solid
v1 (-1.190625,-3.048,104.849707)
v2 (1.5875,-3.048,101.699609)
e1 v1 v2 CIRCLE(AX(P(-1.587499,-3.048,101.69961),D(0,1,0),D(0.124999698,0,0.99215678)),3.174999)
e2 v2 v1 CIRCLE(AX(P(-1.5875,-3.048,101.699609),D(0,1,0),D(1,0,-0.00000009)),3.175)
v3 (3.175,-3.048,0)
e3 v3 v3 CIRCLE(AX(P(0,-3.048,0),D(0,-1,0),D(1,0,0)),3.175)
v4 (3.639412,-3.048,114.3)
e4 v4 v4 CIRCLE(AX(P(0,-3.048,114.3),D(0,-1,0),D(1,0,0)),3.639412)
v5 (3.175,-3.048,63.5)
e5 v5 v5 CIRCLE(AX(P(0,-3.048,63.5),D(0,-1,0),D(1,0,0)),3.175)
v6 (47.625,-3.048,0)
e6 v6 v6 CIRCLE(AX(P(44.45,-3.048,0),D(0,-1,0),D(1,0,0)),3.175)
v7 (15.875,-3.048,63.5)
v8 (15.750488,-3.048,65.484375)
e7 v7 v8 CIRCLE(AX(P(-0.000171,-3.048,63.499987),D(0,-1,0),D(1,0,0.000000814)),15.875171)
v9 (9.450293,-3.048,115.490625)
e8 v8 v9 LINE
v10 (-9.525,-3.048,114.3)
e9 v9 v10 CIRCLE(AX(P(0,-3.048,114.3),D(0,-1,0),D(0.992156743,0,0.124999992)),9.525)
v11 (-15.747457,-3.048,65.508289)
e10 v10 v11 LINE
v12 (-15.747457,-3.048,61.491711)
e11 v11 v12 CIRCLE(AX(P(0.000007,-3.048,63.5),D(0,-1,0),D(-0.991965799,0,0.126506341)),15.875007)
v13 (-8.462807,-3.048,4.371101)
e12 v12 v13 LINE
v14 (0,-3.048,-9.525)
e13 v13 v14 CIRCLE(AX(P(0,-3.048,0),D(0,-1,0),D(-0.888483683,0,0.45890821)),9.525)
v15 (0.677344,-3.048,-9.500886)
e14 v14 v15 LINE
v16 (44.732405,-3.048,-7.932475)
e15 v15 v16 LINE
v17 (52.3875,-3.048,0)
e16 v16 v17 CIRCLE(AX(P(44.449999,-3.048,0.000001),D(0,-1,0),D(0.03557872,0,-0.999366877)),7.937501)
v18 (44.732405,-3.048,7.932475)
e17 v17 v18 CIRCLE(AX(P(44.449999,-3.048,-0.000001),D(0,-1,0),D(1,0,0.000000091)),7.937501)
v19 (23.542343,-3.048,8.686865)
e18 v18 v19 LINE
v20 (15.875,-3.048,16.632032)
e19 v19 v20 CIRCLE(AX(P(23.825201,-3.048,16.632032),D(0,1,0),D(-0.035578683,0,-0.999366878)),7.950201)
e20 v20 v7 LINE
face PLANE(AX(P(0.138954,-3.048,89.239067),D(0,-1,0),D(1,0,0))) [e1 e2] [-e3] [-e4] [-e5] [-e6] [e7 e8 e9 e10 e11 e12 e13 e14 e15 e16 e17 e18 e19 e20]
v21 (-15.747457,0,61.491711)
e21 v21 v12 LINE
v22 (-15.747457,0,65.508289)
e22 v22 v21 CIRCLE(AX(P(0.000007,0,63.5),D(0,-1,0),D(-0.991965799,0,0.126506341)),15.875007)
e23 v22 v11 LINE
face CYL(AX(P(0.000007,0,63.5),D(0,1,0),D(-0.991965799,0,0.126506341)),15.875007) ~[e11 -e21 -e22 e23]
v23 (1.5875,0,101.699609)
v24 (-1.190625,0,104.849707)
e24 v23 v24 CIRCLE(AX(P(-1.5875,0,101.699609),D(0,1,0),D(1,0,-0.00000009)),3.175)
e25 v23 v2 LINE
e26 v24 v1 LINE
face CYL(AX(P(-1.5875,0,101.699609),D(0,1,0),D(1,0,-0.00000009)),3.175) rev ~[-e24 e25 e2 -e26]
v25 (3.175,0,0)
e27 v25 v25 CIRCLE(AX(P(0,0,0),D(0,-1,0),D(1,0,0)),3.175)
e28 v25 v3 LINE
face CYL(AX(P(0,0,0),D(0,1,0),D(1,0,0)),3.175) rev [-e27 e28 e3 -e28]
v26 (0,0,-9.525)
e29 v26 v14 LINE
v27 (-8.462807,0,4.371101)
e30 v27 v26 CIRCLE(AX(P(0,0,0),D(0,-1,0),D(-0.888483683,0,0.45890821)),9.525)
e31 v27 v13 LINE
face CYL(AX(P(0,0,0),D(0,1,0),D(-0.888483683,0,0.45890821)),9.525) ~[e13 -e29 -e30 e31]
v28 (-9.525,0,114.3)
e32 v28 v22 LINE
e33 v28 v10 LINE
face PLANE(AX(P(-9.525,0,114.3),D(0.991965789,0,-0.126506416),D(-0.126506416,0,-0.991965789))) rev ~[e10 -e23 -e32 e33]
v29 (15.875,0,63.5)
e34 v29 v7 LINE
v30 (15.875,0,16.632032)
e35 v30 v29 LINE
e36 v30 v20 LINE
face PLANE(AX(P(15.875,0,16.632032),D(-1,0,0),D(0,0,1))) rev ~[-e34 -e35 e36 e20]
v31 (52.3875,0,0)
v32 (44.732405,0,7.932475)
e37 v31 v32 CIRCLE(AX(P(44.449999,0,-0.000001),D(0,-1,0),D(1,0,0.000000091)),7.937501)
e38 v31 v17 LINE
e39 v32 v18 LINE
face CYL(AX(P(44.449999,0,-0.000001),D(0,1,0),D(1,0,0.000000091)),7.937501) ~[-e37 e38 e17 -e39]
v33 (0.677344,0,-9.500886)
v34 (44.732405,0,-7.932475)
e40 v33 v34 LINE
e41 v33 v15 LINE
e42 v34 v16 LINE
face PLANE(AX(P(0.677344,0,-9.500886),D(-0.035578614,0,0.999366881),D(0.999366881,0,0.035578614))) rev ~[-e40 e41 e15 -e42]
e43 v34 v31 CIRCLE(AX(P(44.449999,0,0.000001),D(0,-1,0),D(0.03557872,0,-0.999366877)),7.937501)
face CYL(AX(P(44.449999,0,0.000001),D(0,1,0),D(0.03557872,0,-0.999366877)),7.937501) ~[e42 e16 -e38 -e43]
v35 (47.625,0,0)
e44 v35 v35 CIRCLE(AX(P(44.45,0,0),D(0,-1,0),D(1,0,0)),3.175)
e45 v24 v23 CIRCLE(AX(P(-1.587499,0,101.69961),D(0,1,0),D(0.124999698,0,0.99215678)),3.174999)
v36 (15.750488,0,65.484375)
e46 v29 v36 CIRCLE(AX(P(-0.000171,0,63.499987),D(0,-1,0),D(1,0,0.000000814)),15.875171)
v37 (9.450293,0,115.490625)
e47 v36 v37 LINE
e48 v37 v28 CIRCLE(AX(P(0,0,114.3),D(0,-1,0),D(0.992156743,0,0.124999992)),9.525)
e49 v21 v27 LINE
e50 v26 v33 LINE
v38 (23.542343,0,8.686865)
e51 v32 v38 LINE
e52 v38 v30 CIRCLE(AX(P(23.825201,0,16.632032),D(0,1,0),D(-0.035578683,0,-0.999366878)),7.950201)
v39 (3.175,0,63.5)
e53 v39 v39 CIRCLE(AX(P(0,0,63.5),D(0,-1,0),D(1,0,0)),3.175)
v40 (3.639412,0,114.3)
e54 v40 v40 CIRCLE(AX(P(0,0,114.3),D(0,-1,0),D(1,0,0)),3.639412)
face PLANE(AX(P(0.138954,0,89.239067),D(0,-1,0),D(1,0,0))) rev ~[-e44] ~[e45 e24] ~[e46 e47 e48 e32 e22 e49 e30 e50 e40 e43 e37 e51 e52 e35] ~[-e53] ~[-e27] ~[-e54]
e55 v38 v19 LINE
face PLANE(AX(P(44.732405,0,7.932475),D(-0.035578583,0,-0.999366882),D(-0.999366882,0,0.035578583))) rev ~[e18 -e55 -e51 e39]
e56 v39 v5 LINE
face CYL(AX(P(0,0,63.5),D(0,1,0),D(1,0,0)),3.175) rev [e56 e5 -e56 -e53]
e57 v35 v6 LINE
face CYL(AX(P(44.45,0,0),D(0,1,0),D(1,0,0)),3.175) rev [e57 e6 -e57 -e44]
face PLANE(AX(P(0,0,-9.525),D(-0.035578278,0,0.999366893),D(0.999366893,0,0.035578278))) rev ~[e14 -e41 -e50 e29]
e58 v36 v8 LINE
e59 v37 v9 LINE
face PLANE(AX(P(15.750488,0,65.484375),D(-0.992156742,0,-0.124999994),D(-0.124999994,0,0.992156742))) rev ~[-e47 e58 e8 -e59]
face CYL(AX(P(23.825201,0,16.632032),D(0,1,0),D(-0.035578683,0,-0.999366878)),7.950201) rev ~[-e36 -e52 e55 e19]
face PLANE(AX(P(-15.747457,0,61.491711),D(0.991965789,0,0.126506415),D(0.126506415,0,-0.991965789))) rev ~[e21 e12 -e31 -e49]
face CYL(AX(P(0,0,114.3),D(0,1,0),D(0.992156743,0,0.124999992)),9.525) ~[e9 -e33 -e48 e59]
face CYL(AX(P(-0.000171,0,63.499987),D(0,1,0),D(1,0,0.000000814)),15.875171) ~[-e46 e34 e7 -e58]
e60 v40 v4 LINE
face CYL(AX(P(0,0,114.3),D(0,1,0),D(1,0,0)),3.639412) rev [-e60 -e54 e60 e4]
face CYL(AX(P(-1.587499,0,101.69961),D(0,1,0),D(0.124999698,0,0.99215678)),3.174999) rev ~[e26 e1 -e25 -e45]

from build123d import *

# Parameters (mm, degrees)
F0_R     = 3.639412
F0_R_2   = 3.175
F1_DEPTH = 3.048


with BuildPart() as f1:
    # F0 (on Front) → F1 (new body)
    with BuildSketch(Plane.XZ):
        with BuildLine():
            ThreePointArc((9.450293, 115.490625), (9.506305, 114.896483), (9.525, 114.3))
            ThreePointArc((9.525, 114.3), (6.300195, 107.15625), (-1.190625, 104.849707))
            ThreePointArc((-1.190625, 104.849707), (-7.14375, 107.999805), (-9.525, 114.3))
            Line((-9.525, 114.3), (-15.747457, 65.508289))
            ThreePointArc((-15.747457, 65.508289), (0.012053, 79.374995), (15.750488, 65.484375))
            Line((15.750488, 65.484375), (9.450293, 115.490625))
        make_face()
        with BuildLine():
            ThreePointArc((1.5875, 101.699609), (-3.96875, 99.599544), (-1.190625, 104.849707))
            ThreePointArc((-1.190625, 104.849707), (0.79375, 103.799675), (1.5875, 101.699609))
        make_face(mode=Mode.SUBTRACT)
        with BuildLine():
            ThreePointArc((-1.190625, 104.849707), (6.300195, 107.15625), (9.525, 114.3))
            ThreePointArc((9.525, 114.3), (9.506305, 114.896483), (9.450293, 115.490625))
            ThreePointArc((9.450293, 115.490625), (-0.596483, 123.806305), (-9.525, 114.3))
            ThreePointArc((-9.525, 114.3), (-7.14375, 107.999805), (-1.190625, 104.849707))
        make_face()
        with Locations((0, 114.3)):
            Circle(F0_R, mode=Mode.SUBTRACT)
        with BuildLine():
            ThreePointArc((15.875, 63.5), (15.843841, 64.494139), (15.750488, 65.484375))
            ThreePointArc((15.750488, 65.484375), (0.012053, 79.374995), (-15.747457, 65.508289))
            ThreePointArc((-15.747457, 65.508289), (-15.875, 63.5), (-15.747457, 61.491711))
            ThreePointArc((-15.747457, 61.491711), (1.006168, 47.656918), (15.875, 63.5))
        make_face()
        with Locations((0, 63.5)):
            Circle(F0_R_2, mode=Mode.SUBTRACT)
        with BuildLine():
            Line((15.875, 16.632032), (15.875, 63.5))
            ThreePointArc((15.875, 63.5), (1.006168, 47.656918), (-15.747457, 61.491711))
            Line((-15.747457, 61.491711), (-8.462807, 4.371101))
            ThreePointArc((-8.462807, 4.371101), (2.249154, 9.255643), (9.525, 0))
            ThreePointArc((9.525, 0), (6.970557, -6.491299), (0.677344, -9.500886))
            Line((0.677344, -9.500886), (44.732405, -7.932475))
            ThreePointArc((44.732405, -7.932475), (36.5125, 0), (44.732405, 7.932475))
            Line((44.732405, 7.932475), (23.542343, 8.686865))
            ThreePointArc((23.542343, 8.686865), (18.104429, 11.111302), (15.875, 16.632032))
        make_face()
        with BuildLine():
            ThreePointArc((9.525, 0), (2.249154, 9.255643), (-8.462807, 4.371101))
            ThreePointArc((-8.462807, 4.371101), (-8.13512, -4.954336), (0, -9.525))
            Line((0, -9.525), (0.677344, -9.500886))
            ThreePointArc((0.677344, -9.500886), (6.970557, -6.491299), (9.525, 0))
        make_face()
        Circle(F0_R_2, mode=Mode.SUBTRACT)
        with BuildLine():
            ThreePointArc((52.3875, 0), (50.161633, 5.51191), (44.732405, 7.932475))
            ThreePointArc((44.732405, 7.932475), (36.5125, 0), (44.732405, -7.932475))
            ThreePointArc((44.732405, -7.932475), (50.161633, -5.51191), (52.3875, 0))
        make_face()
        with Locations((44.45, 0)):
            Circle(F0_R_2, mode=Mode.SUBTRACT)
    extrude(amount=F1_DEPTH)


solid = f1.part
